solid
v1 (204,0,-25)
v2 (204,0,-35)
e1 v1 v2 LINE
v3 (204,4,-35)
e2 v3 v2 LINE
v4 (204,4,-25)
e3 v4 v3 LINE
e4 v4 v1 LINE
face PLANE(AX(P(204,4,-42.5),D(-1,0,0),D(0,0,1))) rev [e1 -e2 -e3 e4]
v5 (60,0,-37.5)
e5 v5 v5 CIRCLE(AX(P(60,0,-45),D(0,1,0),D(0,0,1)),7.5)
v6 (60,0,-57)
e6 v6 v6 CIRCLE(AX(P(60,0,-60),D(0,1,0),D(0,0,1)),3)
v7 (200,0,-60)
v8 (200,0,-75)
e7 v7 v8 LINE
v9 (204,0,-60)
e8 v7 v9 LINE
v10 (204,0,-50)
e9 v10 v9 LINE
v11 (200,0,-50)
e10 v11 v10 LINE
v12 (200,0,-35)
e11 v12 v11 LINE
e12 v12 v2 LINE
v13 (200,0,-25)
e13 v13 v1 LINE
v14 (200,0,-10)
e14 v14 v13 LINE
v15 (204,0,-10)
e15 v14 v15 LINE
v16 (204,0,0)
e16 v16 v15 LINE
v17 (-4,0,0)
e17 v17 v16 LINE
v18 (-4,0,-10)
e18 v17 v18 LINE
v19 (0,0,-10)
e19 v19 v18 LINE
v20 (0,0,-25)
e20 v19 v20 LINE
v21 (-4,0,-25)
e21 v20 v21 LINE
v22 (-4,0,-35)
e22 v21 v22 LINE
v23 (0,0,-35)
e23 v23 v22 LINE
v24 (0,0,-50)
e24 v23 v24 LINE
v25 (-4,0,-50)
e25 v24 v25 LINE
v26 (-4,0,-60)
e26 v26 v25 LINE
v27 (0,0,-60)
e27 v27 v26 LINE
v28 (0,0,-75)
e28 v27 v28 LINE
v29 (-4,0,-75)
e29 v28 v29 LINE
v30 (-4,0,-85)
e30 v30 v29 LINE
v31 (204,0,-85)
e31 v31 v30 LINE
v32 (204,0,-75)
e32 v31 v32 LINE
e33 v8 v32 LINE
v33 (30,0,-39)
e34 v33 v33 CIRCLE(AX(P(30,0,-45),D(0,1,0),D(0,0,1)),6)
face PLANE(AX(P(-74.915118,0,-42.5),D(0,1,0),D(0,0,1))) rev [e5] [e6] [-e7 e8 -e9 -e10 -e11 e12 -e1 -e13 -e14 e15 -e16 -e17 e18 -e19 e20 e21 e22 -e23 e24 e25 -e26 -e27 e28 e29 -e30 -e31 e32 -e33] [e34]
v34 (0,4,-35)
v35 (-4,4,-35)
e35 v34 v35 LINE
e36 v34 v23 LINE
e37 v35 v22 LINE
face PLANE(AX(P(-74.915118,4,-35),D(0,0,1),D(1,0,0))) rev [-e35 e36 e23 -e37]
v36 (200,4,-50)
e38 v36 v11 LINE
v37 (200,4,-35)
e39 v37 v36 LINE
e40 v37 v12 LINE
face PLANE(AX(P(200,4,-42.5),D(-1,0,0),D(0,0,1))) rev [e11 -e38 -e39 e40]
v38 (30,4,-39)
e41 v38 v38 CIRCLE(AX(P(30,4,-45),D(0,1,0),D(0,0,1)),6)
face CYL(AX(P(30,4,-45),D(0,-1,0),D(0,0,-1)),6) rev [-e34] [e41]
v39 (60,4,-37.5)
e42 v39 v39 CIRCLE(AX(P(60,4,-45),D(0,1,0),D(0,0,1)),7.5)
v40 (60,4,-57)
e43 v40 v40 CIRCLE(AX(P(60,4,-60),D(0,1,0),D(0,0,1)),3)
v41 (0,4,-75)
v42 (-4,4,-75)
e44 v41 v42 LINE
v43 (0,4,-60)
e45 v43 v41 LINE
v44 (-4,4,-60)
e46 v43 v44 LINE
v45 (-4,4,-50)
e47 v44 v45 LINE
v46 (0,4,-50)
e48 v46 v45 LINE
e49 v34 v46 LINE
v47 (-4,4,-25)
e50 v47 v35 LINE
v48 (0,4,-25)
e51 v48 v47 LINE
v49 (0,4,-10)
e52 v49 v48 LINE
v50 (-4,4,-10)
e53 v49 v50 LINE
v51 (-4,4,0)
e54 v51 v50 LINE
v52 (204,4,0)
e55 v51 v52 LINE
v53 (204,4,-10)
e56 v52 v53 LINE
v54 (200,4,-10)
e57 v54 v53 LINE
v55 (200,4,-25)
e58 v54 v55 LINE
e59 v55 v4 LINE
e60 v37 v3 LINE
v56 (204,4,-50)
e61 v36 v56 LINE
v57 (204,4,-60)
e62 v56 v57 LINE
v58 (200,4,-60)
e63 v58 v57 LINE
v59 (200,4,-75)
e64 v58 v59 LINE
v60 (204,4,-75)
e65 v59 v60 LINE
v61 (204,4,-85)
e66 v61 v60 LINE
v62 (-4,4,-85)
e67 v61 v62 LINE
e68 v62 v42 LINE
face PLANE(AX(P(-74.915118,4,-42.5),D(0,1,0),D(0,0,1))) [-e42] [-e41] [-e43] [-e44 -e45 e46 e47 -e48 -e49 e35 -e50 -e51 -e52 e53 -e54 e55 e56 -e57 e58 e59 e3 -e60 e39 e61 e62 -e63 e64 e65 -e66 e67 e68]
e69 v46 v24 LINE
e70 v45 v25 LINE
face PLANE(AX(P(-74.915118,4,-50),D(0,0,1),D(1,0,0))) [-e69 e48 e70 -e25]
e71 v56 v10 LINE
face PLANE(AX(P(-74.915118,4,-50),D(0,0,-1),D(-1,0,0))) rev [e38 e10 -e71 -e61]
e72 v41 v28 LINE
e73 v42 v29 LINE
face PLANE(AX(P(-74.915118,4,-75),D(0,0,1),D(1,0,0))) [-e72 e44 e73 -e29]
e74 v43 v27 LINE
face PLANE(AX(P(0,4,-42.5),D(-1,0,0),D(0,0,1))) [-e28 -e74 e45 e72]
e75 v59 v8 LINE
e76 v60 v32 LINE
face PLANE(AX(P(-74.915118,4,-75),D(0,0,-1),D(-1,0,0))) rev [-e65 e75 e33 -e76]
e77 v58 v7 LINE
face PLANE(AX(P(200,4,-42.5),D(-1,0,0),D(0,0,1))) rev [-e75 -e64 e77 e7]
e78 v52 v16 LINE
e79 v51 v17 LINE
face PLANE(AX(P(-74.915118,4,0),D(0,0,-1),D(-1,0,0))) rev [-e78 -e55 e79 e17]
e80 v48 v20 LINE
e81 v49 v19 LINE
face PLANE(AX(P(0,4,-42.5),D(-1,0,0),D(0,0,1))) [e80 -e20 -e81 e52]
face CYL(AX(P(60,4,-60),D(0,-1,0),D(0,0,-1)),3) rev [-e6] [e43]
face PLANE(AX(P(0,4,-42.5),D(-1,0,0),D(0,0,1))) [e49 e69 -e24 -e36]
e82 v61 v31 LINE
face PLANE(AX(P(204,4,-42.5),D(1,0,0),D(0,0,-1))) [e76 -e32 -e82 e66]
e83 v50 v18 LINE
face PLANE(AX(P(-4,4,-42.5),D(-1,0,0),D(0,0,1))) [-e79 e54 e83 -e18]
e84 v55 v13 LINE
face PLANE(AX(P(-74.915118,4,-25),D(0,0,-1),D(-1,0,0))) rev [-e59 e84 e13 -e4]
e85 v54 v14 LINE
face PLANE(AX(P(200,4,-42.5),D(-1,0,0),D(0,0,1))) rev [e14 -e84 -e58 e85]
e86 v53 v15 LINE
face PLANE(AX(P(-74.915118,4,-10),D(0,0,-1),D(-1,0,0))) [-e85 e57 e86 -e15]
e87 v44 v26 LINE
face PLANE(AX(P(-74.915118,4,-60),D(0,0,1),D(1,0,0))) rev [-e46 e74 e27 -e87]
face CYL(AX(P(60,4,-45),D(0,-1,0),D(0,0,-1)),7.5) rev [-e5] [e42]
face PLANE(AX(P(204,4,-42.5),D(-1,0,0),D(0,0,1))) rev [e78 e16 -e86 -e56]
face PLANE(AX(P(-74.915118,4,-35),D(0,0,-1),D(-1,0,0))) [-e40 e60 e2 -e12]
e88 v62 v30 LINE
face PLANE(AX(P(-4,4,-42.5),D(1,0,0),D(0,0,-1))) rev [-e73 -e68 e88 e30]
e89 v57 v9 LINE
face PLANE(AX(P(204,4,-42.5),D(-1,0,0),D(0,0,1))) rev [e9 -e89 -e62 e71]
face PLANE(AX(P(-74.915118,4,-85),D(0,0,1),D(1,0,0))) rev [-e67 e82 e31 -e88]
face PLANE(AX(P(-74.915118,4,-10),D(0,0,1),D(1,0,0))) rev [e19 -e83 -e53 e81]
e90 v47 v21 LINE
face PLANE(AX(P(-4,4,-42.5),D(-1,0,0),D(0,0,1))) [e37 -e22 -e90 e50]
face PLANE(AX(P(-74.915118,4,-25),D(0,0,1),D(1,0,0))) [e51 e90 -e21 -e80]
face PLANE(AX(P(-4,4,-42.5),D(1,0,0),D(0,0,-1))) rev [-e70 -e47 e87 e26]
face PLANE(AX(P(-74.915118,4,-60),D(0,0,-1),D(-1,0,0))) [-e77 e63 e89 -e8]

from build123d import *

# Parameters (mm, degrees)
SKETCH1_W           = 4
SKETCH1_H           = 10
SKETCH1_W_2         = 200
SKETCH1_H_2         = 85
SKETCH1_R           = 3
SKETCH1_R_2         = 7.5
SKETCH1_R_3         = 6
BOSS_EXTRUDE4_DEPTH = 4


with BuildPart() as part:
    # Sketch1 → Boss-Extrude4 (new body)
    # profile 1 of 9: a face of its own
    with BuildSketch(Plane(origin=(0, 0, 0), x_dir=(1, 0, 0), z_dir=(0, 1, 0))):
        with Locations((-2, 80)):
            Rectangle(SKETCH1_W, SKETCH1_H)
    # profile 2 of 9: a face of its own
    with BuildSketch(Plane(origin=(0, 0, 0), x_dir=(1, 0, 0), z_dir=(0, 1, 0))):
        with Locations((-2, 55)):
            Rectangle(SKETCH1_W, SKETCH1_H)
    # profile 3 of 9: a face of its own
    with BuildSketch(Plane(origin=(0, 0, 0), x_dir=(1, 0, 0), z_dir=(0, 1, 0))):
        with Locations((-2, 30)):
            Rectangle(SKETCH1_W, SKETCH1_H)
    # profile 4 of 9: a face of its own
    with BuildSketch(Plane(origin=(0, 0, 0), x_dir=(1, 0, 0), z_dir=(0, 1, 0))):
        with Locations((-2, 5)):
            Rectangle(SKETCH1_W, SKETCH1_H)
    # profile 5 of 9: a face of its own
    with BuildSketch(Plane(origin=(0, 0, 0), x_dir=(1, 0, 0), z_dir=(0, 1, 0))):
        with Locations((202, 5)):
            Rectangle(SKETCH1_W, SKETCH1_H)
    # profile 6 of 9: a face of its own
    with BuildSketch(Plane(origin=(0, 0, 0), x_dir=(1, 0, 0), z_dir=(0, 1, 0))):
        with Locations((202, 30)):
            Rectangle(SKETCH1_W, SKETCH1_H)
    # profile 7 of 9: a face of its own
    with BuildSketch(Plane(origin=(0, 0, 0), x_dir=(1, 0, 0), z_dir=(0, 1, 0))):
        with Locations((202, 55)):
            Rectangle(SKETCH1_W, SKETCH1_H)
    # profile 8 of 9: a face of its own
    with BuildSketch(Plane(origin=(0, 0, 0), x_dir=(1, 0, 0), z_dir=(0, 1, 0))):
        with Locations((202, 80)):
            Rectangle(SKETCH1_W, SKETCH1_H)
    # profile 9 of 9: a face of its own
    with BuildSketch(Plane(origin=(0, 0, 0), x_dir=(1, 0, 0), z_dir=(0, 1, 0))):
        with Locations((100, 42.5)):
            Rectangle(SKETCH1_W_2, SKETCH1_H_2)
        with Locations(Location((60, 60, 0), (0, 0, 270))):
            Circle(SKETCH1_R, mode=Mode.SUBTRACT)
        with Locations(Location((60, 45, 0), (0, 0, 270))):
            Circle(SKETCH1_R_2, mode=Mode.SUBTRACT)
        with Locations(Location((30, 45, 0), (0, 0, 270))):
            Circle(SKETCH1_R_3, mode=Mode.SUBTRACT)
    extrude(amount=BOSS_EXTRUDE4_DEPTH)


solid = part.part
